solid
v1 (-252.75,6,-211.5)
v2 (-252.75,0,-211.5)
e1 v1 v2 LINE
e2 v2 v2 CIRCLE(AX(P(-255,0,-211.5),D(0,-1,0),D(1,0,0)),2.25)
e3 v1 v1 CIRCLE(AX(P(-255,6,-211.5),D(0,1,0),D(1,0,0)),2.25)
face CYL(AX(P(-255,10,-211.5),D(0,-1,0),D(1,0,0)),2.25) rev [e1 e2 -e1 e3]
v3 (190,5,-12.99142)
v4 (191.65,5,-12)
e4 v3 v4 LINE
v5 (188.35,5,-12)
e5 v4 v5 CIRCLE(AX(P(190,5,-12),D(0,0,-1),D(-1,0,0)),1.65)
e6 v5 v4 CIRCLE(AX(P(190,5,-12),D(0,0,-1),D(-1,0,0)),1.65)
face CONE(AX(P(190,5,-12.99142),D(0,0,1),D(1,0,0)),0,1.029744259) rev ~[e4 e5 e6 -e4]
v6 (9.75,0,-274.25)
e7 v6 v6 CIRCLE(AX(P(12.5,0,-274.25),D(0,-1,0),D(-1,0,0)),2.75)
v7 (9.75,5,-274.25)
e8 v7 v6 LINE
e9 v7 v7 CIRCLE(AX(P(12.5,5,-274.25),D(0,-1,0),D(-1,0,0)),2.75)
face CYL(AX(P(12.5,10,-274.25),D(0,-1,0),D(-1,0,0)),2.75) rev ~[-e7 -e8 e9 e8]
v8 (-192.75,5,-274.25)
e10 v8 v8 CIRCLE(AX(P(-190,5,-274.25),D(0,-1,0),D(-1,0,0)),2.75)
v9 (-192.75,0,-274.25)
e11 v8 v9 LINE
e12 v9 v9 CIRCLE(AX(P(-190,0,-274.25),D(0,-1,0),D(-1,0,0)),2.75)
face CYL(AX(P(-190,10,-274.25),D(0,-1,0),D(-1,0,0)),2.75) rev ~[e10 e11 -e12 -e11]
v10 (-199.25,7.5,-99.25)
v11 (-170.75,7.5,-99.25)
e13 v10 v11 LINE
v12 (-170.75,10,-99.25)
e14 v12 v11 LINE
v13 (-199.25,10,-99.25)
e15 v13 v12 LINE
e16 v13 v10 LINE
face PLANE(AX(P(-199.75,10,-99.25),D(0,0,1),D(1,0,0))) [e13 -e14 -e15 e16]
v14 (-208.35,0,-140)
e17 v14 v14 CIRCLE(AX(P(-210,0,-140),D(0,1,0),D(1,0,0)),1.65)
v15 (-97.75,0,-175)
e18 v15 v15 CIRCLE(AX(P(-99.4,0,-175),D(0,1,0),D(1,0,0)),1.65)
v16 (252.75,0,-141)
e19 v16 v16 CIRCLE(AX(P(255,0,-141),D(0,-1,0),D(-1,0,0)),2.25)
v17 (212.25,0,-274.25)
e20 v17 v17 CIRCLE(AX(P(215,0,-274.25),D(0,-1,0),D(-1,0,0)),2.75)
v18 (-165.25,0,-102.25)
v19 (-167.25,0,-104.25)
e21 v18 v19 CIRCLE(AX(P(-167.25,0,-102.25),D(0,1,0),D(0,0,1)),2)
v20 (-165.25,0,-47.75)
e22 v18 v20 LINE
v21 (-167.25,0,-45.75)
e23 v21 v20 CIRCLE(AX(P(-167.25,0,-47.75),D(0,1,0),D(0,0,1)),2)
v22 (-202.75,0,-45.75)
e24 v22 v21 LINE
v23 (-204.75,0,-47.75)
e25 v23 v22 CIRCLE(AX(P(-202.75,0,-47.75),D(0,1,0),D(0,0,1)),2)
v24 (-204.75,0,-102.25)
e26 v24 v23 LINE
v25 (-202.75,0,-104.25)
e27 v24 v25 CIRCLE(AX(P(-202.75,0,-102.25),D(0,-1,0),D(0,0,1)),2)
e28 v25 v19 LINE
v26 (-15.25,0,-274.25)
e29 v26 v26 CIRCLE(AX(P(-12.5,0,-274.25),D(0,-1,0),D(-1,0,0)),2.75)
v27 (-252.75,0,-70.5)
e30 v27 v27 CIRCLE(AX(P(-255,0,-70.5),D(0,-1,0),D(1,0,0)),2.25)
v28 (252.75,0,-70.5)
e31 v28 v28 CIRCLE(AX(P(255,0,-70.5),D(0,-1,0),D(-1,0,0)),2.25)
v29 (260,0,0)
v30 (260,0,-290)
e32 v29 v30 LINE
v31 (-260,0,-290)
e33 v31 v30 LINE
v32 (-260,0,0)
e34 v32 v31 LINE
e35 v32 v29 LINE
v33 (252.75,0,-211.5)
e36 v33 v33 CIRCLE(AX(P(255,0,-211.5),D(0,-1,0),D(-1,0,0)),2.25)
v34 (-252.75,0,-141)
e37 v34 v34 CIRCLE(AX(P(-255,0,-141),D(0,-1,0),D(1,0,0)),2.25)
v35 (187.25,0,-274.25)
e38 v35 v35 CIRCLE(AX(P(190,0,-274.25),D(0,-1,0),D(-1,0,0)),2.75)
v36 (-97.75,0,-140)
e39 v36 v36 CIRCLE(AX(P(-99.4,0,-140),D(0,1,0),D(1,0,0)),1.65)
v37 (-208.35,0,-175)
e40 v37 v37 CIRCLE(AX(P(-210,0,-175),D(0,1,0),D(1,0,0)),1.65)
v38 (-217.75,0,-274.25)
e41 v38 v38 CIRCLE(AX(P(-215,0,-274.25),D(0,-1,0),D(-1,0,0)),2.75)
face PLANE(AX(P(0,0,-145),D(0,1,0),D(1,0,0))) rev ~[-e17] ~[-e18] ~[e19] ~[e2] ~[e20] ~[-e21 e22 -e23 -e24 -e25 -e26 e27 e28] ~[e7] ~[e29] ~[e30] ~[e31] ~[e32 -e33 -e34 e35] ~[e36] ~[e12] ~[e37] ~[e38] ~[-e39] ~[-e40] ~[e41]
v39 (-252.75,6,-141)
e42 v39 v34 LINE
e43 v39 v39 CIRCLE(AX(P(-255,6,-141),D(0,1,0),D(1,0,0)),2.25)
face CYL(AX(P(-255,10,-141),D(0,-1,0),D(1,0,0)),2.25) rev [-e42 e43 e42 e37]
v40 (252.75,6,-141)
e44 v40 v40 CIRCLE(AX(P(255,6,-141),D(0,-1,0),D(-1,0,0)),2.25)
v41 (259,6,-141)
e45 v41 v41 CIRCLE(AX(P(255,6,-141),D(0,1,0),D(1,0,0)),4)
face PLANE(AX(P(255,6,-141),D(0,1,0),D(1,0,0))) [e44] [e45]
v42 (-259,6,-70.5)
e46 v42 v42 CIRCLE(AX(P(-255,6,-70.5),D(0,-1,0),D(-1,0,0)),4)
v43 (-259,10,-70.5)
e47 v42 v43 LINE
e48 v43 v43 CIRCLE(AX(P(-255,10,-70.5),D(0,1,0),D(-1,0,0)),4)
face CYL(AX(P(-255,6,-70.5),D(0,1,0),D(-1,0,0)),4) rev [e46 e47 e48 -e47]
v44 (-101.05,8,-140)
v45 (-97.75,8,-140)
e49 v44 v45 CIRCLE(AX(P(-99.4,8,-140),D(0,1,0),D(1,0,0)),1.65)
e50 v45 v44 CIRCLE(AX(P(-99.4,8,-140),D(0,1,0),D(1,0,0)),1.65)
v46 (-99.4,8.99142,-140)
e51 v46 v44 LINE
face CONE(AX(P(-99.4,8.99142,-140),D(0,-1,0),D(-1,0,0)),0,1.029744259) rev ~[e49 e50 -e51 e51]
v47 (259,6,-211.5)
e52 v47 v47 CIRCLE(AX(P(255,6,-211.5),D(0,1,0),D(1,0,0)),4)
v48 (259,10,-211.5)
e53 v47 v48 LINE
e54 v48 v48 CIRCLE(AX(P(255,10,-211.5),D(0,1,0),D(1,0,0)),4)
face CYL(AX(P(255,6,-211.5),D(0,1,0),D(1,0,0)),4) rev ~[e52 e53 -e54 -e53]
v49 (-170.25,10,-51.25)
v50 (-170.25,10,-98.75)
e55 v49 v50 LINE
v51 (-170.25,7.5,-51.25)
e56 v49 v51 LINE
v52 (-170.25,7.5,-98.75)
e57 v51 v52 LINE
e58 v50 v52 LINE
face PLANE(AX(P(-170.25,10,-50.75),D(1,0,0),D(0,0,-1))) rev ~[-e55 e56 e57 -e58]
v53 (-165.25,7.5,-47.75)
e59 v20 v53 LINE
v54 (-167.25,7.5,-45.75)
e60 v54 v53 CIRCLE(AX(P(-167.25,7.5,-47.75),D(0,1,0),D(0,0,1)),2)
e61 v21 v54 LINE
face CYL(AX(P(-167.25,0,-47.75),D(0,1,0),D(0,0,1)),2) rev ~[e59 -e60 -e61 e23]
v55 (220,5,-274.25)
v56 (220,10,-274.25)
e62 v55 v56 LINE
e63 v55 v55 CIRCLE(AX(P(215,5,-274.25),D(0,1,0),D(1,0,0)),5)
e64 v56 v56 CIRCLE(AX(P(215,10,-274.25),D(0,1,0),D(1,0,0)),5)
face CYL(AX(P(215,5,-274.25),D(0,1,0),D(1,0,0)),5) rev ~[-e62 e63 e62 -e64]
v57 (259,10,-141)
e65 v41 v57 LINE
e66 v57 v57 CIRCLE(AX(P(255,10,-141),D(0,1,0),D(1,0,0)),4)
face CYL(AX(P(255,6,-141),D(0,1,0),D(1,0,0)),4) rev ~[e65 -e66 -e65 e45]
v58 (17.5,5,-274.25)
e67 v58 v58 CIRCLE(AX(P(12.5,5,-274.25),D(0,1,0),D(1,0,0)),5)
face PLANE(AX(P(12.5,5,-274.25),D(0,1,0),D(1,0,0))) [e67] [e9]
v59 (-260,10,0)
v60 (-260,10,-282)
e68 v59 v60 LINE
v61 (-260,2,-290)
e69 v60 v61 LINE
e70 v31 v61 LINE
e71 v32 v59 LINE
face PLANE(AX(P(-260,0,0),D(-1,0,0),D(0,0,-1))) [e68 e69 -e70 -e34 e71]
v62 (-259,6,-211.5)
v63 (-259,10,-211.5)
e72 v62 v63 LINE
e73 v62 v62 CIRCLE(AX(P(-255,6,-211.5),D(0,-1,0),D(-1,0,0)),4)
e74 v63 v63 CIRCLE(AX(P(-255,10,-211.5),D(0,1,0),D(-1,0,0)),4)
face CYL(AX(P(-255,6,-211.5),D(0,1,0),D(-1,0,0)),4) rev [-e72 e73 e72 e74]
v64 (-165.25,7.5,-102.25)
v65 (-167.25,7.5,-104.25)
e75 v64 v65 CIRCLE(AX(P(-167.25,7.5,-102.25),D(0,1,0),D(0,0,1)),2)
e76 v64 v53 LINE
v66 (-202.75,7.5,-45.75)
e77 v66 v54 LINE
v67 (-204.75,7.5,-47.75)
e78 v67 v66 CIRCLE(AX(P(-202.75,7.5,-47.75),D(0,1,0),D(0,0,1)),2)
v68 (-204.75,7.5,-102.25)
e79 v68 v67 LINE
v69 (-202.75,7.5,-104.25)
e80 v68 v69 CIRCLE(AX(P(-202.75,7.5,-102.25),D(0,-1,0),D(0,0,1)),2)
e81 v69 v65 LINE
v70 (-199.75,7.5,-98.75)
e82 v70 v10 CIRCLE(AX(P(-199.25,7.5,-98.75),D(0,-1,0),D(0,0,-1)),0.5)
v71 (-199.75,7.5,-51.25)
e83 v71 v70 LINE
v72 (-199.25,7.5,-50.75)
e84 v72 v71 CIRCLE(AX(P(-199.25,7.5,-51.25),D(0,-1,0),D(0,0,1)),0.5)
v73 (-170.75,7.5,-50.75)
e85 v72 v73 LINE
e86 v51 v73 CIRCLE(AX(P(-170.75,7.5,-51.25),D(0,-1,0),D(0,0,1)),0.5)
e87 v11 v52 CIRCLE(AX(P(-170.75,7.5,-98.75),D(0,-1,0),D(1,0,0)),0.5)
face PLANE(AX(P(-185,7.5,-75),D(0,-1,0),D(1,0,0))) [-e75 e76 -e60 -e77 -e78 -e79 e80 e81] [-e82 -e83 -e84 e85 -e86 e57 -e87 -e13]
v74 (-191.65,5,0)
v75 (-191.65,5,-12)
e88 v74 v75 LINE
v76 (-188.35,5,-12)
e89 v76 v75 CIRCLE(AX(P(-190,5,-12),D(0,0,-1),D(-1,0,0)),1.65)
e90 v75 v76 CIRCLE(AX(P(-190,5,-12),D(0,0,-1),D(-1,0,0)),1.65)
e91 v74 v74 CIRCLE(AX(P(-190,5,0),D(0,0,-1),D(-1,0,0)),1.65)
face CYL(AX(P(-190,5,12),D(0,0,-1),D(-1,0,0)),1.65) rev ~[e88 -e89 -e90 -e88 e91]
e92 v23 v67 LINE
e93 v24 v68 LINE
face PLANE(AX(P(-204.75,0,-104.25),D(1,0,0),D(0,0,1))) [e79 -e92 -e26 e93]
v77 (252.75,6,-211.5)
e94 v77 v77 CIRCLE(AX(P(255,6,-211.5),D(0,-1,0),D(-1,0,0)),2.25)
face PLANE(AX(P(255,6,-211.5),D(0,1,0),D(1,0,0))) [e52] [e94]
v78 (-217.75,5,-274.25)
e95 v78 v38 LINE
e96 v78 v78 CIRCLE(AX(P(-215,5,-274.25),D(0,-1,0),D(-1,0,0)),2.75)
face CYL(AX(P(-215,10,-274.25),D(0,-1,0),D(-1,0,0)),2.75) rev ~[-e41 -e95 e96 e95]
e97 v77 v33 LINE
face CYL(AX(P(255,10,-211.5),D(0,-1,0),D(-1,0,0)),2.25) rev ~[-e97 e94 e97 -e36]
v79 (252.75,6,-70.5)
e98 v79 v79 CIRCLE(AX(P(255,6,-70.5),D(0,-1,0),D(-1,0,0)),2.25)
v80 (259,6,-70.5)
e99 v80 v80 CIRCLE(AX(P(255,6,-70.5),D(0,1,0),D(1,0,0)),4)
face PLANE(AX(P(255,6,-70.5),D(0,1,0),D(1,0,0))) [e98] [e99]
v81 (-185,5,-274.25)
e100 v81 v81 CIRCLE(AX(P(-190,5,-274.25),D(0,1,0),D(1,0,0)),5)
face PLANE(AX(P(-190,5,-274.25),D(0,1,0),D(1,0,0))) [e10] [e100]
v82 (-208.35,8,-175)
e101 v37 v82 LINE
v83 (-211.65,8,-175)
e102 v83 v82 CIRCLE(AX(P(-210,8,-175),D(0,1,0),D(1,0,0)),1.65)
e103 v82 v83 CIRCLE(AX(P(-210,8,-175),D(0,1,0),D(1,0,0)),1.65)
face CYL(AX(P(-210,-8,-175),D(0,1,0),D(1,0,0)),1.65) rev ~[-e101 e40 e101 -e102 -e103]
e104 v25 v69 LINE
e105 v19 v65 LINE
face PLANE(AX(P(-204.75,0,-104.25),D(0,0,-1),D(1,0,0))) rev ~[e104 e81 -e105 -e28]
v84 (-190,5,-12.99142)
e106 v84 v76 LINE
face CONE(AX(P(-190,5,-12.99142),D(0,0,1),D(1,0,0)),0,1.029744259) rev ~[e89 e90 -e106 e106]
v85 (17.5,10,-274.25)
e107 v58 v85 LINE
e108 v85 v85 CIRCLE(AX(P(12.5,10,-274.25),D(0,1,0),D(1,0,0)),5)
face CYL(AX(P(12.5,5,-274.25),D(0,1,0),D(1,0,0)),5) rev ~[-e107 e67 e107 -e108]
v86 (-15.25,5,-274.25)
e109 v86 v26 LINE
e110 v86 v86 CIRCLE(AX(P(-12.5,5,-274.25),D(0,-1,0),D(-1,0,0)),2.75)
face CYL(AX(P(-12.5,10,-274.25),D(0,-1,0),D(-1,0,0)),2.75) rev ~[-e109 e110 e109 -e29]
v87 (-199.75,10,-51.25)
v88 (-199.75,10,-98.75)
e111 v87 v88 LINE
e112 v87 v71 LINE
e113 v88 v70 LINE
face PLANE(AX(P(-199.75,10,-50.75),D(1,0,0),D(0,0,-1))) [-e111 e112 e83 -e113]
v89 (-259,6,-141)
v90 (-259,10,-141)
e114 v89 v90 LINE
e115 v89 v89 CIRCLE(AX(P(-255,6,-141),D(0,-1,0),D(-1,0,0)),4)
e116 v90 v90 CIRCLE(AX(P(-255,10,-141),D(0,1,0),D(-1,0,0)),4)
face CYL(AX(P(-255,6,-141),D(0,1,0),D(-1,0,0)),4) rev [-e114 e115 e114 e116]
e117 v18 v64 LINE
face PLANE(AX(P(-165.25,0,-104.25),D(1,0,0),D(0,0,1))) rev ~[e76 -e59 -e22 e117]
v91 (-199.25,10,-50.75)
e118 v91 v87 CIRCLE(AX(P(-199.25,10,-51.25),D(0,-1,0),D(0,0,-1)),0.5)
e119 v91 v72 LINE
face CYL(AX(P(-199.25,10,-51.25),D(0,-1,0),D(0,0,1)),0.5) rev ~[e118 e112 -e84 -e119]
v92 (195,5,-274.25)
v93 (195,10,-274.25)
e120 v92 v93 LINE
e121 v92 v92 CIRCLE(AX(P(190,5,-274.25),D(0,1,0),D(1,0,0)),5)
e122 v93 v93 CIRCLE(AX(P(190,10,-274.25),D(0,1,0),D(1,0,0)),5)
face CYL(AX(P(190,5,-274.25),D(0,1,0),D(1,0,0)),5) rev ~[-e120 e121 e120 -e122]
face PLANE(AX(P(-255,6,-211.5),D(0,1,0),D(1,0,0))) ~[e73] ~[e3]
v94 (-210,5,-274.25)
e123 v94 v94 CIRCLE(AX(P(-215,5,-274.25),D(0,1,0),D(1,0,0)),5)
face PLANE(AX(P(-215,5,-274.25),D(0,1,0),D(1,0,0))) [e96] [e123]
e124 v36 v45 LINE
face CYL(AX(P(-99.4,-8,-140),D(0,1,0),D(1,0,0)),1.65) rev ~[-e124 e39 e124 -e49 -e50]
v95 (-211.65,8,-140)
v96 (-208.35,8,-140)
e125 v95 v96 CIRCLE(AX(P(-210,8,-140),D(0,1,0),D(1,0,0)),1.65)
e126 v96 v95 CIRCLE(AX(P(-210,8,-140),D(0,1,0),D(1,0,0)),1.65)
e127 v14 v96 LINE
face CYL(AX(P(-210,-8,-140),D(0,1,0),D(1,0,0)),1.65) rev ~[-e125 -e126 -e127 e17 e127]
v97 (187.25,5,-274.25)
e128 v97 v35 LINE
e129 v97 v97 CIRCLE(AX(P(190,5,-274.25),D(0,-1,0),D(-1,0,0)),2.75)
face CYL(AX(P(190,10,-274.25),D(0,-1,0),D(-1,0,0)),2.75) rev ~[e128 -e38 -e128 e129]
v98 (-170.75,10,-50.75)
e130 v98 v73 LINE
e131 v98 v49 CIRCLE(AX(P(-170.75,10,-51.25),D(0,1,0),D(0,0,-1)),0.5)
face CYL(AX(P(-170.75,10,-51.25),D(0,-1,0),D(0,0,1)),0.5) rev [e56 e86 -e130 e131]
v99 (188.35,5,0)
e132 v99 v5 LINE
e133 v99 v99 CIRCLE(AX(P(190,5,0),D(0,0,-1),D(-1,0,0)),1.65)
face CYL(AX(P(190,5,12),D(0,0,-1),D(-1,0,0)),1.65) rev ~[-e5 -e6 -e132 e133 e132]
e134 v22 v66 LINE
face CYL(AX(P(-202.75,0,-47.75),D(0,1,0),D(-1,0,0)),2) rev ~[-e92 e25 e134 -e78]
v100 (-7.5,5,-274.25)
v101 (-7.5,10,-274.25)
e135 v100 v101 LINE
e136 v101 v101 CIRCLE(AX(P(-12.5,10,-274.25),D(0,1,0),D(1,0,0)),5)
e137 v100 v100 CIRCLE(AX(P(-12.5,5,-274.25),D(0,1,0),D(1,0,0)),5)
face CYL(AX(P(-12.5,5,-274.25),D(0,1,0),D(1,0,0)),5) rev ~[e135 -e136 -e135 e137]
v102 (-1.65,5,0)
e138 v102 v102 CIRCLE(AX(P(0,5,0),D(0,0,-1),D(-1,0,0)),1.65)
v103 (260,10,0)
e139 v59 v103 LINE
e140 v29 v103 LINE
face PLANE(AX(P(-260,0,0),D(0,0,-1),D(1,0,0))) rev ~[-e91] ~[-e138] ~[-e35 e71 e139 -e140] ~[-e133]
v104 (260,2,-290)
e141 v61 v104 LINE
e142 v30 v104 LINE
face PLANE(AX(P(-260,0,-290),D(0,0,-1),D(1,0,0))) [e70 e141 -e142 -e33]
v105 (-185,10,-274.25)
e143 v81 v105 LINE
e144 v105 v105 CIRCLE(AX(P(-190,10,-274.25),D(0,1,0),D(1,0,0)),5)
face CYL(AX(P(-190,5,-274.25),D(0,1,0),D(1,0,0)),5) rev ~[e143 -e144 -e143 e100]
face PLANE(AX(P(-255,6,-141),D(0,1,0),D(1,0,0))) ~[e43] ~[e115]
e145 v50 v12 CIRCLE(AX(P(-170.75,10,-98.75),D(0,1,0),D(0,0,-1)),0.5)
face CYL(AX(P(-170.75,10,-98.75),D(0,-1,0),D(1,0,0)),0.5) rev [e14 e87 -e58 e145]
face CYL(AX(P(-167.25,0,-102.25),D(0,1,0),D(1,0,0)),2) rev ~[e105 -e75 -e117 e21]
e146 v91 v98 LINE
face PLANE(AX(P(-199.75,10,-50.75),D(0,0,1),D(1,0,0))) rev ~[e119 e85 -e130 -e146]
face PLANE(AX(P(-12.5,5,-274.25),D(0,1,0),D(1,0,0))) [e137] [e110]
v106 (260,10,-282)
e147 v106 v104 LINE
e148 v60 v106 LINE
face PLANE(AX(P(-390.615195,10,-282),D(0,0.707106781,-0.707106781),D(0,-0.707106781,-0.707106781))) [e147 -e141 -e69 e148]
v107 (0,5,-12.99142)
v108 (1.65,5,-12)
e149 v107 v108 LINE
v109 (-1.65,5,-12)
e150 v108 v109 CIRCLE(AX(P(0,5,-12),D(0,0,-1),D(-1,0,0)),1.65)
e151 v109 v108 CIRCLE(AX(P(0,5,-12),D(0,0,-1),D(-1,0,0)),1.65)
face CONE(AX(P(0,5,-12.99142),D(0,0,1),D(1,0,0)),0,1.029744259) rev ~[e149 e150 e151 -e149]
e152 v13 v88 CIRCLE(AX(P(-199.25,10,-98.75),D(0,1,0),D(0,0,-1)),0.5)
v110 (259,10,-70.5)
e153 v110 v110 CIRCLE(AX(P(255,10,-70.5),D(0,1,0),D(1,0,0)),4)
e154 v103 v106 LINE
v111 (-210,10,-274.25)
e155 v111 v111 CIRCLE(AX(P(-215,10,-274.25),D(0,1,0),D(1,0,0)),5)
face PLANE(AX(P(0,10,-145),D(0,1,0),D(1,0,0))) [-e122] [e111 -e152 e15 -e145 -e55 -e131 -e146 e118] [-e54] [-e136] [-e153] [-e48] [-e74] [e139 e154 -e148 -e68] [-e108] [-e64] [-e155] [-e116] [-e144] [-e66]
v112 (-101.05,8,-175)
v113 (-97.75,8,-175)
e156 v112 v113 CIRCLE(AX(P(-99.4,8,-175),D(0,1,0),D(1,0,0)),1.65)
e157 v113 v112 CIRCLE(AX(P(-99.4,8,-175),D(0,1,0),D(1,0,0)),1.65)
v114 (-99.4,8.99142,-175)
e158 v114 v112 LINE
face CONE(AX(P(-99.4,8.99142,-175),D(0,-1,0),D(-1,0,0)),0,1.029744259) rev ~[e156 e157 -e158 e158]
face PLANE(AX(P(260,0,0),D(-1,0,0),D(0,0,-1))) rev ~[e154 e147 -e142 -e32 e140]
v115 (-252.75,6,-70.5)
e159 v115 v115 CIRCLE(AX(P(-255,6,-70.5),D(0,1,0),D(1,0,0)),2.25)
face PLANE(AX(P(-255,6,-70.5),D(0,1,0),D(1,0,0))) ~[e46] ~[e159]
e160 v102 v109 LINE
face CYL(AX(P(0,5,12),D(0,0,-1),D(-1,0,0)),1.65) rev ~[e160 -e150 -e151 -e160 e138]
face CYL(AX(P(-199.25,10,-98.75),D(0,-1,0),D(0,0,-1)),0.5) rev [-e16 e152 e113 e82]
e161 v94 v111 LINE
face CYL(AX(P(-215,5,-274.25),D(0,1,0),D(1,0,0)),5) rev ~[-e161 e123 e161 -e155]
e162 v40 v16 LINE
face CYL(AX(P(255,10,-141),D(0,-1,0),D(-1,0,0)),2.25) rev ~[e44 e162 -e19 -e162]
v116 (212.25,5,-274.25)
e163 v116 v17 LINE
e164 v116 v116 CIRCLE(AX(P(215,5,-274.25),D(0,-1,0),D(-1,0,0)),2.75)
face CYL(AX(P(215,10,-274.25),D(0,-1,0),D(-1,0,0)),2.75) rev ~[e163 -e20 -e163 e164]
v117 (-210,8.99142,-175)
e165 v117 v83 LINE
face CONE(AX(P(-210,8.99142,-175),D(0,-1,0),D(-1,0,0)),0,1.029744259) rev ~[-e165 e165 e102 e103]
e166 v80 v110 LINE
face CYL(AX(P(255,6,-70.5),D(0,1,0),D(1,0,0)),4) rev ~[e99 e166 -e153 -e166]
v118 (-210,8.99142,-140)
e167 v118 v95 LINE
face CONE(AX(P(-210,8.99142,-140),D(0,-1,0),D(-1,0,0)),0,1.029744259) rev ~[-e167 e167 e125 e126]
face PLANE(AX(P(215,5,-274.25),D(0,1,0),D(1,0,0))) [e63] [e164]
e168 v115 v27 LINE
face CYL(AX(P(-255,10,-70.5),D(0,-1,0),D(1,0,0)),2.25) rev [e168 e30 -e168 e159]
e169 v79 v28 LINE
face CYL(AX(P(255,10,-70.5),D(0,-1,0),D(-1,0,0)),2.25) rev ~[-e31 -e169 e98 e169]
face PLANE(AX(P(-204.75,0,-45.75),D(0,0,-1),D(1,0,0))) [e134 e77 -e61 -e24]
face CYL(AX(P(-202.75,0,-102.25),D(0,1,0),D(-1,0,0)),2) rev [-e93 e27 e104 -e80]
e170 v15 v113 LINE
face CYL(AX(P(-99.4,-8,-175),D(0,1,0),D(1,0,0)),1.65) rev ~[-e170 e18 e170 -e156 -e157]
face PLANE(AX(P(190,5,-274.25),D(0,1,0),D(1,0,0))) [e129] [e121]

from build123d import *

# Parameters (mm, degrees)
SKETCH1_W                      = 520
SKETCH1_H                      = 290
BOSS_EXTRUDE1_DEPTH            = 10
CBORE_FOR_M5_SHCS1_D           = 5.5
CBORE_FOR_M5_SHCS1_DEPTH       = 11.5
CBORE_FOR_M5_SHCS1_CBORE_D     = 10
CBORE_FOR_M5_SHCS1_CBORE_DEPTH = 5
CBORE_FOR_M5_SHCS1_TIP         = 1.652366702
CUT_EXTRUDE1_DEPTH             = 390.615194776
CUT_EXTRUDE1_DEPTH_BACK        = 390.615194776
CBORE_FOR_M4_SHCS1_D           = 4.5
CBORE_FOR_M4_SHCS1_CBORE_D     = 8
CBORE_FOR_M4_SHCS1_CBORE_DEPTH = 4
M4X0_7_TAPPED_HOLE1_D          = 3.3
M4X0_7_TAPPED_HOLE1_DEPTH      = 12
M4X0_7_TAPPED_HOLE1_TIP        = 0.991420021
SKETCH9_W                      = 29.5
SKETCH9_H                      = 48.5
CUT_EXTRUDE2_DEPTH             = 390.615194776
FILLET1_R                      = 0.5
SKETCH10_W                     = 39.5
SKETCH10_H                     = 58.5
CUT_EXTRUDE3_DEPTH             = 7.5
FILLET2_R                      = 2
M4X0_7_TAPPED_HOLE2_D          = 3.3
M4X0_7_TAPPED_HOLE2_DEPTH      = 8
M4X0_7_TAPPED_HOLE2_TIP        = 0.991420021


with BuildPart() as part:
    # Sketch1 → Boss-Extrude1 (new body)
    with BuildSketch(Plane(origin=(0, 0, 0), x_dir=(1, 0, 0), z_dir=(0, 1, 0))):
        with Locations((0, 145)):
            Rectangle(SKETCH1_W, SKETCH1_H)
    extrude(amount=BOSS_EXTRUDE1_DEPTH)

    # CBORE for M5 SHCS1
    with Locations(Plane(origin=(0, 10, 0), x_dir=(1, 0, 0), z_dir=(0, 1, 0))):
        with Locations((-215, 274.25), (-190, 274.25), (-12.5, 274.25), (12.5, 274.25), (190, 274.25), (215, 274.25)):
            CounterBoreHole(CBORE_FOR_M5_SHCS1_D / 2, CBORE_FOR_M5_SHCS1_CBORE_D / 2, CBORE_FOR_M5_SHCS1_CBORE_DEPTH, depth=CBORE_FOR_M5_SHCS1_DEPTH)
            with Locations((0, 0, -(CBORE_FOR_M5_SHCS1_DEPTH + CBORE_FOR_M5_SHCS1_TIP / 2))):  # 118° drill point
                Cone(0, CBORE_FOR_M5_SHCS1_D / 2, CBORE_FOR_M5_SHCS1_TIP, mode=Mode.SUBTRACT)

    # Sketch2 → Cut-Extrude1 (cut, two sides: drawn at the far end of the back side and taken through both)
    with BuildSketch(Plane(origin=(0, 0, 0), x_dir=(0, 0, -1), z_dir=(1, 0, 0)).offset(-CUT_EXTRUDE1_DEPTH_BACK)):
        Polygon((290, 2), (290, 10), (282, 10), align=None)
    extrude(amount=CUT_EXTRUDE1_DEPTH + CUT_EXTRUDE1_DEPTH_BACK, mode=Mode.SUBTRACT)

    # CBORE for M4 SHCS1 (through all)
    with Locations(Plane(origin=(0, 10, 0), x_dir=(1, 0, 0), z_dir=(0, 1, 0))):
        with Locations((255, 211.5), (255, 141), (255, 70.5)):
            cbore_for_m4_shcs1 = CounterBoreHole(CBORE_FOR_M4_SHCS1_D / 2, CBORE_FOR_M4_SHCS1_CBORE_D / 2, CBORE_FOR_M4_SHCS1_CBORE_DEPTH)

    # Mirror1: CBORE for M4 SHCS1 across plane
    add(cbore_for_m4_shcs1.mirror(Plane(origin=(0, 0, 0), x_dir=(0, 0, 1), z_dir=(1, 0, 0))), mode=Mode.SUBTRACT)

    # M4x0.7 Tapped Hole1
    with Locations(Plane.XY):
        with Locations((-190, 5), (0, 5), (190, 5)):
            Hole(M4X0_7_TAPPED_HOLE1_D / 2, depth=M4X0_7_TAPPED_HOLE1_DEPTH)
            with Locations((0, 0, -(M4X0_7_TAPPED_HOLE1_DEPTH + M4X0_7_TAPPED_HOLE1_TIP / 2))):  # 118° drill point
                Cone(0, M4X0_7_TAPPED_HOLE1_D / 2, M4X0_7_TAPPED_HOLE1_TIP, mode=Mode.SUBTRACT)

    # Sketch9 → Cut-Extrude2 (cut, through all)
    with BuildSketch(Plane(origin=(0, 10, 0), x_dir=(1, 0, 0), z_dir=(0, 1, 0))):
        with Locations((-185, 75)):
            Rectangle(SKETCH9_W, SKETCH9_H)
    extrude(amount=-CUT_EXTRUDE2_DEPTH, mode=Mode.SUBTRACT)

    # Fillet1
    fillet1_edges = [part.edges().sort_by_distance(p)[0] for p in [
        (-170.25, 5, -99.25),
        (-170.25, 5, -50.75),
        (-199.75, 5, -50.75),
        (-199.75, 5, -99.25),
    ]]
    fillet(fillet1_edges, radius=FILLET1_R)

    # Sketch10 → Cut-Extrude3 (cut)
    with BuildSketch(Plane.XZ):
        with Locations((-185, -75)):
            Rectangle(SKETCH10_W, SKETCH10_H)
    extrude(amount=-CUT_EXTRUDE3_DEPTH, mode=Mode.SUBTRACT)

    # Fillet2
    fillet2_edges = [part.edges().sort_by_distance(p)[0] for p in [
        (-165.25, 3.75, -45.75),
        (-165.25, 3.75, -104.25),
        (-204.75, 3.75, -104.25),
        (-204.75, 3.75, -45.75),
    ]]
    fillet(fillet2_edges, radius=FILLET2_R)

    # M4x0.7 Tapped Hole2
    with Locations(Plane(origin=(0, 0, 0), x_dir=(-1, 0, 0), z_dir=(0, -1, 0))):
        with Locations((99.4, 175), (210, 175), (210, 140), (99.4, 140)):
            Hole(M4X0_7_TAPPED_HOLE2_D / 2, depth=M4X0_7_TAPPED_HOLE2_DEPTH)
            with Locations((0, 0, -(M4X0_7_TAPPED_HOLE2_DEPTH + M4X0_7_TAPPED_HOLE2_TIP / 2))):  # 118° drill point
                Cone(0, M4X0_7_TAPPED_HOLE2_D / 2, M4X0_7_TAPPED_HOLE2_TIP, mode=Mode.SUBTRACT)


solid = part.part
